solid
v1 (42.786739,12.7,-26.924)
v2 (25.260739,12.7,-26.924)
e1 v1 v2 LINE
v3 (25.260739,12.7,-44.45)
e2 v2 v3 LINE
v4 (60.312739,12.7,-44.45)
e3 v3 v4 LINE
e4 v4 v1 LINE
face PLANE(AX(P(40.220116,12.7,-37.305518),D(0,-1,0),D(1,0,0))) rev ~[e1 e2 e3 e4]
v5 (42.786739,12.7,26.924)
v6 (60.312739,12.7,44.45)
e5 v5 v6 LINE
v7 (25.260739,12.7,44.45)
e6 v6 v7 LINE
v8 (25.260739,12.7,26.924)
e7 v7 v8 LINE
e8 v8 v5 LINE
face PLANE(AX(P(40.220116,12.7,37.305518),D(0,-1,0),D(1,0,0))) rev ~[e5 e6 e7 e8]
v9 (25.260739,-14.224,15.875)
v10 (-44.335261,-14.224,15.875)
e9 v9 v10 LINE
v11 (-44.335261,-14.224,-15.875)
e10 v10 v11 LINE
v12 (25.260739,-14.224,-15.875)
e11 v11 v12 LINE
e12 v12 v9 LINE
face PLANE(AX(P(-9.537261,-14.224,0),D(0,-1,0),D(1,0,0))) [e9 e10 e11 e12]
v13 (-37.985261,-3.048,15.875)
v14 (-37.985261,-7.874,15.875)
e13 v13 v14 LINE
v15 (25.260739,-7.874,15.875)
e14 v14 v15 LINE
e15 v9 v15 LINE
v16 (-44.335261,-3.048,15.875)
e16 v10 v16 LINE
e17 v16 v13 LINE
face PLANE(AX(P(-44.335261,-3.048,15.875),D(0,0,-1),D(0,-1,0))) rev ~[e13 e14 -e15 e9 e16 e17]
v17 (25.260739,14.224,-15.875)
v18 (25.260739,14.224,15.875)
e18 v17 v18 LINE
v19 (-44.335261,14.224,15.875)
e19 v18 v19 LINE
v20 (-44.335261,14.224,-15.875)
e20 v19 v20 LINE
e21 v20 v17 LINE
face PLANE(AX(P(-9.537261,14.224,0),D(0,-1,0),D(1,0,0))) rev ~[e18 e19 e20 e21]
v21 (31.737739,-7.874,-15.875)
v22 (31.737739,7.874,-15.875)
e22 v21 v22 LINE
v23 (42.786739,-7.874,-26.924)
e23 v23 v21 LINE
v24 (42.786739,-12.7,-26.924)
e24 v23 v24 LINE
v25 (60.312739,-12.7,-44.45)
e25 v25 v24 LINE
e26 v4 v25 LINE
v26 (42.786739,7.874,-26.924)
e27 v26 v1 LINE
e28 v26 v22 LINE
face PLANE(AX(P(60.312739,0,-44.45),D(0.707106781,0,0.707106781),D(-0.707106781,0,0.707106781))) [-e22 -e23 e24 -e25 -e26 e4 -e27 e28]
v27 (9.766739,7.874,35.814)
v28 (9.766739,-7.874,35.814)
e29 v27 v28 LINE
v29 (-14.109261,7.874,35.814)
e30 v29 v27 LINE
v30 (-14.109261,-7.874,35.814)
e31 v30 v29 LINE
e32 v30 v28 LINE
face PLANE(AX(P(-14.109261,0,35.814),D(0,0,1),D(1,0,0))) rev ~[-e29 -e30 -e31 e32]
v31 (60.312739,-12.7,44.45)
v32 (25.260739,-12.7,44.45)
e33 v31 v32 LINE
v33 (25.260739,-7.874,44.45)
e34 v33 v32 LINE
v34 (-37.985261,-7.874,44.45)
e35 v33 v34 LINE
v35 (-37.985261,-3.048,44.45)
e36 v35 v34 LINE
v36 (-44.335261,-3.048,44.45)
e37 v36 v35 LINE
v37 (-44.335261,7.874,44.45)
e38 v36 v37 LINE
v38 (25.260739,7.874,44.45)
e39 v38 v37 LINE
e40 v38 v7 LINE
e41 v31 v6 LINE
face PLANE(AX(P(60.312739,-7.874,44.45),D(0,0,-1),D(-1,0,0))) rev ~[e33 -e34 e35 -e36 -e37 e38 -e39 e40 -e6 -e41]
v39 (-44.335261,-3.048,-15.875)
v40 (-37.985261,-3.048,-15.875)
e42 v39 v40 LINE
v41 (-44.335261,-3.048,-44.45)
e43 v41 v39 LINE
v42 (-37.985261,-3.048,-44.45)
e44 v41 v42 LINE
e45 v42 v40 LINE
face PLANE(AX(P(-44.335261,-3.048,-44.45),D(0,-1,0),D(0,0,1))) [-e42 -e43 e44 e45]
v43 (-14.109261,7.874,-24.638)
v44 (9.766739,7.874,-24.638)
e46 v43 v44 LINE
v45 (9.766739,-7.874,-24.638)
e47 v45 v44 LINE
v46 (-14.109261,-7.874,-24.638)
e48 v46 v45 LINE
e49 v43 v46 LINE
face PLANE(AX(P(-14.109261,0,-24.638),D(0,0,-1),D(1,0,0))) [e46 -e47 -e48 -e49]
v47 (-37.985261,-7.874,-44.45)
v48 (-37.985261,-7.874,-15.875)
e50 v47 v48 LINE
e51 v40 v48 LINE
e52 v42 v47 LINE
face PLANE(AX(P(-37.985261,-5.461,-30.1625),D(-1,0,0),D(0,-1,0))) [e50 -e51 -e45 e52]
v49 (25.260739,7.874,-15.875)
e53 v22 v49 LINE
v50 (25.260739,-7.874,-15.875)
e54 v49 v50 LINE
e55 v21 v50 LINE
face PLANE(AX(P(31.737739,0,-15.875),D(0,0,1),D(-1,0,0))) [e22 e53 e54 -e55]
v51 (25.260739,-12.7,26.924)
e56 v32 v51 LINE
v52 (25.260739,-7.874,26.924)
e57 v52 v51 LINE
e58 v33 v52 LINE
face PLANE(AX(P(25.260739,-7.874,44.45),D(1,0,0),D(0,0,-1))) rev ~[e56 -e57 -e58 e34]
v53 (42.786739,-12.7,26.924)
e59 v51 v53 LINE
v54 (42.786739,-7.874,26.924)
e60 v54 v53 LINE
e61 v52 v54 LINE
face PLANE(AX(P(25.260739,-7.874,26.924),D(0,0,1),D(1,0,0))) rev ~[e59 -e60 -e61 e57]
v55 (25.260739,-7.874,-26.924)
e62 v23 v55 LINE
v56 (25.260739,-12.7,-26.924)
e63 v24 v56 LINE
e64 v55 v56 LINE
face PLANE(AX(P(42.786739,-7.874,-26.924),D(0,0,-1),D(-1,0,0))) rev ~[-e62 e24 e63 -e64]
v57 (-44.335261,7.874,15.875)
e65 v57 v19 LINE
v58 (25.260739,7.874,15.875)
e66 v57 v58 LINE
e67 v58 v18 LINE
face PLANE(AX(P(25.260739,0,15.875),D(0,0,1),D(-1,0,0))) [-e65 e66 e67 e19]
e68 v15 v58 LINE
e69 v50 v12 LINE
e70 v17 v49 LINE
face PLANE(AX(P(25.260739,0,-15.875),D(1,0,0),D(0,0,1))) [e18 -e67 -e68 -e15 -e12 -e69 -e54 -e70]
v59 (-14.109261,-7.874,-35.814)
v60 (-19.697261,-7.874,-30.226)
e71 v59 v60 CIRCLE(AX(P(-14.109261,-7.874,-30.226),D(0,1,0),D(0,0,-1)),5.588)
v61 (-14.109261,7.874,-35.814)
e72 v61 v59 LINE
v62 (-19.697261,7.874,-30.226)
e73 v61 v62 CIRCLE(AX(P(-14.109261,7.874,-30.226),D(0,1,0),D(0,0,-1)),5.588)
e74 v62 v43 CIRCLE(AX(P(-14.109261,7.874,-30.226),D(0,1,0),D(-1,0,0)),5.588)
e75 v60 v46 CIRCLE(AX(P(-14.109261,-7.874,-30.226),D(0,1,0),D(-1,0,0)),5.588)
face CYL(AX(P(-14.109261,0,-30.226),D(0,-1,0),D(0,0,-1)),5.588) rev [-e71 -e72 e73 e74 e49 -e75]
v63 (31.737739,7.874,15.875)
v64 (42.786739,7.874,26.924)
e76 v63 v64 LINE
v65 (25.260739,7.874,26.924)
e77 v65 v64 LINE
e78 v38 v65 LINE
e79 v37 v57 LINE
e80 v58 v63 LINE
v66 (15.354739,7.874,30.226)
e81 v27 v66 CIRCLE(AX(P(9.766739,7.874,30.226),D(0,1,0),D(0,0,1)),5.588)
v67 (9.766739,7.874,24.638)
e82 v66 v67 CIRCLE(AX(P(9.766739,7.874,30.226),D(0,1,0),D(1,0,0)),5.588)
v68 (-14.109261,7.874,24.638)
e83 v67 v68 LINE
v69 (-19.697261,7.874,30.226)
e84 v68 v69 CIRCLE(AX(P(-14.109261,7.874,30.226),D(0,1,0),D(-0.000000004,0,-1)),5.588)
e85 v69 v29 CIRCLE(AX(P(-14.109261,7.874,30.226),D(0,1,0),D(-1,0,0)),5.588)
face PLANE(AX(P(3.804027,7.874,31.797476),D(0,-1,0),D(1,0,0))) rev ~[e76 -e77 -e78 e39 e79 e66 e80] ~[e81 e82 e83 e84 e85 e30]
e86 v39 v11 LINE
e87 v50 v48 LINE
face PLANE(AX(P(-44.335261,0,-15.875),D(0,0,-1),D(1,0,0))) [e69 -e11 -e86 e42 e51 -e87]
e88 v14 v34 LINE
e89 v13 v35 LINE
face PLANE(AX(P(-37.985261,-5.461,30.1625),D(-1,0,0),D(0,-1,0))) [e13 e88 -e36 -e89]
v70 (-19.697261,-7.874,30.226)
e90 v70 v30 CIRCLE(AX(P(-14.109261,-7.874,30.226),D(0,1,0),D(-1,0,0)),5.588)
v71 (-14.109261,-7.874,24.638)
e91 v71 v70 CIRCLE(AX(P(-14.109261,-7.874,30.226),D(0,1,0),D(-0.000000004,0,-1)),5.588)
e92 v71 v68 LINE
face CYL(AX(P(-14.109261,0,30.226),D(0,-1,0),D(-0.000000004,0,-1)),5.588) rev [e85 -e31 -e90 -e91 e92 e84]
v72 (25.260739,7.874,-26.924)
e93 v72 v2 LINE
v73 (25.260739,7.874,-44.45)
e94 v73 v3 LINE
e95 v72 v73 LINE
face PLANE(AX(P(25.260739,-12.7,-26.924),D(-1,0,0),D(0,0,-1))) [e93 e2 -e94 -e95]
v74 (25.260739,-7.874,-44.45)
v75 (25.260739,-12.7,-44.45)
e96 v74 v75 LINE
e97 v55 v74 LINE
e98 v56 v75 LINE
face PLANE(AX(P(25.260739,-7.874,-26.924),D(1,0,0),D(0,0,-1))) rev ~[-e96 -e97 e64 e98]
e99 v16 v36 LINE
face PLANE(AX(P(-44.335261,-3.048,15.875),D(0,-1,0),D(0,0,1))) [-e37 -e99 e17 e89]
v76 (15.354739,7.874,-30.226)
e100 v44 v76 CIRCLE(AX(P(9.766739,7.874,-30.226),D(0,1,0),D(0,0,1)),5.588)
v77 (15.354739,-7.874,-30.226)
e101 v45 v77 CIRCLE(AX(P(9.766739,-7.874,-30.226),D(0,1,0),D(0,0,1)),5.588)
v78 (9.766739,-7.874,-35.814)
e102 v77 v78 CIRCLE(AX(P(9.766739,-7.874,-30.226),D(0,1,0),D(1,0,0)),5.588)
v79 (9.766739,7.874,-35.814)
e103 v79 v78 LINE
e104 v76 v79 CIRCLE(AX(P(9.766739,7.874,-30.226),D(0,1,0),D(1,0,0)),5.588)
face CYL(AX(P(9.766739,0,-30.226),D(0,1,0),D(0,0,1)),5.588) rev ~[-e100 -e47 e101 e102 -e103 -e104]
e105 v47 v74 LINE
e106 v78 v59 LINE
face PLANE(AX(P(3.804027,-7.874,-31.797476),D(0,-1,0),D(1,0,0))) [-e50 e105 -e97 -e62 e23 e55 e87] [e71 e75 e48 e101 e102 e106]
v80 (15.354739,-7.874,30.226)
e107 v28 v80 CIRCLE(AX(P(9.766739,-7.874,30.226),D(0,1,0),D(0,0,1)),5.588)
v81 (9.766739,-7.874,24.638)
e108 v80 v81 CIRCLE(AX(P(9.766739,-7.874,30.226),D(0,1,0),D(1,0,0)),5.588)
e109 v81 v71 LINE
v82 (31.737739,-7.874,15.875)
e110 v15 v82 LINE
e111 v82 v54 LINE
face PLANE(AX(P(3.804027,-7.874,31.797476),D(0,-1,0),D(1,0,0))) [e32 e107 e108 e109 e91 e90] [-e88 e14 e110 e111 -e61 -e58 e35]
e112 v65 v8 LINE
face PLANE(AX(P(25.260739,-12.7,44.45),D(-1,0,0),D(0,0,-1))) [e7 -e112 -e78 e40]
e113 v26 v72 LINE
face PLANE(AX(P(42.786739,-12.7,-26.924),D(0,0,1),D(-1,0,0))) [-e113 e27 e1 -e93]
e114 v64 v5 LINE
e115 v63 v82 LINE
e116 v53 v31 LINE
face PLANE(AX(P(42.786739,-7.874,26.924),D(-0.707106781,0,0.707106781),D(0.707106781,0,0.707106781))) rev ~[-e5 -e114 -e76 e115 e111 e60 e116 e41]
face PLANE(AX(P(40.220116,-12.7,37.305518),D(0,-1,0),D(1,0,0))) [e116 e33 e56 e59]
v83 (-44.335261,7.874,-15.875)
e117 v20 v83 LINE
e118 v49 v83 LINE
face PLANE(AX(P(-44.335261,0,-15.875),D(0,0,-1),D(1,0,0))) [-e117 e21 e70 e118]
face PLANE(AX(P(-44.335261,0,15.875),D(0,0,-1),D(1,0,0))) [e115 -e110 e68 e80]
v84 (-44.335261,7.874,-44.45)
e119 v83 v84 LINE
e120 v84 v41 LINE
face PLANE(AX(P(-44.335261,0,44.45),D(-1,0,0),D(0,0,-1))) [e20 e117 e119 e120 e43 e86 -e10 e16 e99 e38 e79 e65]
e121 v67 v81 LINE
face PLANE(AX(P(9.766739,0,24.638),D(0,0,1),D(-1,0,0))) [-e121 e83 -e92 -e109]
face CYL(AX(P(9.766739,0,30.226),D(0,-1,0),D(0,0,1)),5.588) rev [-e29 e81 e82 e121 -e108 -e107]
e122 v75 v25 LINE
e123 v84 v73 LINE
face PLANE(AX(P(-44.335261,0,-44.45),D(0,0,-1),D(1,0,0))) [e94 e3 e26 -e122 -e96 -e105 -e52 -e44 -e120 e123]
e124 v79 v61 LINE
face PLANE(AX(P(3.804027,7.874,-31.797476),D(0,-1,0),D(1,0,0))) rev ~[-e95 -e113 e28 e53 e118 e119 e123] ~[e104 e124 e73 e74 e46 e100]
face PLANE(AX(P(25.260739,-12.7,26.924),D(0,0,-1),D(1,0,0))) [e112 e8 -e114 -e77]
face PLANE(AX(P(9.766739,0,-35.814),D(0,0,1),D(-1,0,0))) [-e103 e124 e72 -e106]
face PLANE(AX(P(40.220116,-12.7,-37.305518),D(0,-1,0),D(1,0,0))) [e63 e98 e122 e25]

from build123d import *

# Parameters (mm, degrees)
F1_DEPTH = 14.224
F2_DEPTH = 7.874
F3_DEPTH = 7.874
F5_DEPTH = 4.826
F6_DEPTH = 25.4
F7_W     = 4.826
F7_H     = 28.575
F8_DEPTH = 6.35


with BuildPart() as f1:
    # F0 (on Front) → F1 (new body, symmetric)
    with BuildSketch(Plane.XZ):
        Polygon((-44.3352609873, 15.875), (-44.3352609873, 0), (-44.3352609873, -15.875), (25.2607390127, -15.875), (25.2607390127, 0), (25.2607390127, 15.875), align=None)
    extrude(amount=F1_DEPTH, both=True)

    # F0 (on Front) → F2 (join, symmetric)
    with BuildSketch(Plane.XZ):
        Polygon((25.2607390127, -15.875), (-44.3352609873, -15.875), (-44.3352609873, -44.45), (60.3127390127, -44.45), (31.7377390127, -15.875), align=None)
        with BuildLine():
            ThreePointArc((9.7667390127, -24.638), (13.718051706, -26.2746873067), (15.3547390127, -30.226))
            ThreePointArc((15.3547390127, -30.226), (13.7180517062, -34.177312693), (9.7667390134, -35.814))
            Line((9.7667390134, -35.814), (-14.1092609873, -35.814))
            ThreePointArc((-14.1092609873, -35.814), (-18.0605736806, -34.1773126933), (-19.6972609873, -30.226))
            ThreePointArc((-19.6972609873, -30.226), (-18.0605736745, -26.2746873007), (-14.1092609702, -24.638))
            Line((-14.1092609702, -24.638), (9.7667390127, -24.638))
        make_face(mode=Mode.SUBTRACT)
    extrude(amount=F2_DEPTH, both=True)

    # F0 (on Front) → F3 (join, symmetric)
    with BuildSketch(Plane.XZ):
        Polygon((-44.3352609873, 44.45), (-44.3352609873, 15.875), (25.2607390127, 15.875), (31.7377390127, 15.875), (60.3127390127, 44.45), align=None)
        with BuildLine():
            ThreePointArc((-19.6972609873, 30.226), (-18.0605736806, 34.1773126933), (-14.1092609873, 35.814))
            Line((-14.1092609873, 35.814), (9.7667390127, 35.814))
            ThreePointArc((9.7667390127, 35.814), (13.718051706, 34.1773126933), (15.3547390127, 30.226))
            ThreePointArc((15.3547390127, 30.226), (13.718051706, 26.2746873067), (9.7667390127, 24.638))
            Line((9.7667390127, 24.638), (-14.1092610119, 24.638))
            ThreePointArc((-14.1092610119, 24.638), (-18.0605736893, 26.2746873154), (-19.6972609873, 30.226))
        make_face(mode=Mode.SUBTRACT)
    extrude(amount=F3_DEPTH, both=True)

    # F4 (on face) → F5 (join)
    with BuildSketch(Plane.XZ.offset(7.874)):
        Polygon((60.3127390127, 44.45), (25.2607390127, 44.45), (25.2607390127, 26.924), (42.7867390127, 26.924), align=None)
        Polygon((25.2607390127, -44.45), (60.3127390127, -44.45), (42.7867390127, -26.924), (25.2607390127, -26.924), align=None)
    extrude(amount=F5_DEPTH)

    # F6 (add): faces of the model
    f6_faces = [f1.faces().sort_by_distance(p)[0] for p in [
        (38.8920723461, -12.7, 36.6606666667),
        (38.8920723461, -12.7, -36.6606666667),
    ]]
    extrude(f6_faces, amount=-F6_DEPTH)

    # F7 (on face) → F8 (cut)
    with BuildSketch(Plane(origin=(-44.3352609873, 0, 0), x_dir=(0, -1, 0), z_dir=(-1, 0, 0))):
        with Locations((5.461, 30.1625)):
            Rectangle(F7_W, F7_H)
        with Locations((5.461, -30.1625)):
            Rectangle(F7_W, F7_H)
    extrude(amount=-F8_DEPTH, mode=Mode.SUBTRACT)


solid = f1.part
